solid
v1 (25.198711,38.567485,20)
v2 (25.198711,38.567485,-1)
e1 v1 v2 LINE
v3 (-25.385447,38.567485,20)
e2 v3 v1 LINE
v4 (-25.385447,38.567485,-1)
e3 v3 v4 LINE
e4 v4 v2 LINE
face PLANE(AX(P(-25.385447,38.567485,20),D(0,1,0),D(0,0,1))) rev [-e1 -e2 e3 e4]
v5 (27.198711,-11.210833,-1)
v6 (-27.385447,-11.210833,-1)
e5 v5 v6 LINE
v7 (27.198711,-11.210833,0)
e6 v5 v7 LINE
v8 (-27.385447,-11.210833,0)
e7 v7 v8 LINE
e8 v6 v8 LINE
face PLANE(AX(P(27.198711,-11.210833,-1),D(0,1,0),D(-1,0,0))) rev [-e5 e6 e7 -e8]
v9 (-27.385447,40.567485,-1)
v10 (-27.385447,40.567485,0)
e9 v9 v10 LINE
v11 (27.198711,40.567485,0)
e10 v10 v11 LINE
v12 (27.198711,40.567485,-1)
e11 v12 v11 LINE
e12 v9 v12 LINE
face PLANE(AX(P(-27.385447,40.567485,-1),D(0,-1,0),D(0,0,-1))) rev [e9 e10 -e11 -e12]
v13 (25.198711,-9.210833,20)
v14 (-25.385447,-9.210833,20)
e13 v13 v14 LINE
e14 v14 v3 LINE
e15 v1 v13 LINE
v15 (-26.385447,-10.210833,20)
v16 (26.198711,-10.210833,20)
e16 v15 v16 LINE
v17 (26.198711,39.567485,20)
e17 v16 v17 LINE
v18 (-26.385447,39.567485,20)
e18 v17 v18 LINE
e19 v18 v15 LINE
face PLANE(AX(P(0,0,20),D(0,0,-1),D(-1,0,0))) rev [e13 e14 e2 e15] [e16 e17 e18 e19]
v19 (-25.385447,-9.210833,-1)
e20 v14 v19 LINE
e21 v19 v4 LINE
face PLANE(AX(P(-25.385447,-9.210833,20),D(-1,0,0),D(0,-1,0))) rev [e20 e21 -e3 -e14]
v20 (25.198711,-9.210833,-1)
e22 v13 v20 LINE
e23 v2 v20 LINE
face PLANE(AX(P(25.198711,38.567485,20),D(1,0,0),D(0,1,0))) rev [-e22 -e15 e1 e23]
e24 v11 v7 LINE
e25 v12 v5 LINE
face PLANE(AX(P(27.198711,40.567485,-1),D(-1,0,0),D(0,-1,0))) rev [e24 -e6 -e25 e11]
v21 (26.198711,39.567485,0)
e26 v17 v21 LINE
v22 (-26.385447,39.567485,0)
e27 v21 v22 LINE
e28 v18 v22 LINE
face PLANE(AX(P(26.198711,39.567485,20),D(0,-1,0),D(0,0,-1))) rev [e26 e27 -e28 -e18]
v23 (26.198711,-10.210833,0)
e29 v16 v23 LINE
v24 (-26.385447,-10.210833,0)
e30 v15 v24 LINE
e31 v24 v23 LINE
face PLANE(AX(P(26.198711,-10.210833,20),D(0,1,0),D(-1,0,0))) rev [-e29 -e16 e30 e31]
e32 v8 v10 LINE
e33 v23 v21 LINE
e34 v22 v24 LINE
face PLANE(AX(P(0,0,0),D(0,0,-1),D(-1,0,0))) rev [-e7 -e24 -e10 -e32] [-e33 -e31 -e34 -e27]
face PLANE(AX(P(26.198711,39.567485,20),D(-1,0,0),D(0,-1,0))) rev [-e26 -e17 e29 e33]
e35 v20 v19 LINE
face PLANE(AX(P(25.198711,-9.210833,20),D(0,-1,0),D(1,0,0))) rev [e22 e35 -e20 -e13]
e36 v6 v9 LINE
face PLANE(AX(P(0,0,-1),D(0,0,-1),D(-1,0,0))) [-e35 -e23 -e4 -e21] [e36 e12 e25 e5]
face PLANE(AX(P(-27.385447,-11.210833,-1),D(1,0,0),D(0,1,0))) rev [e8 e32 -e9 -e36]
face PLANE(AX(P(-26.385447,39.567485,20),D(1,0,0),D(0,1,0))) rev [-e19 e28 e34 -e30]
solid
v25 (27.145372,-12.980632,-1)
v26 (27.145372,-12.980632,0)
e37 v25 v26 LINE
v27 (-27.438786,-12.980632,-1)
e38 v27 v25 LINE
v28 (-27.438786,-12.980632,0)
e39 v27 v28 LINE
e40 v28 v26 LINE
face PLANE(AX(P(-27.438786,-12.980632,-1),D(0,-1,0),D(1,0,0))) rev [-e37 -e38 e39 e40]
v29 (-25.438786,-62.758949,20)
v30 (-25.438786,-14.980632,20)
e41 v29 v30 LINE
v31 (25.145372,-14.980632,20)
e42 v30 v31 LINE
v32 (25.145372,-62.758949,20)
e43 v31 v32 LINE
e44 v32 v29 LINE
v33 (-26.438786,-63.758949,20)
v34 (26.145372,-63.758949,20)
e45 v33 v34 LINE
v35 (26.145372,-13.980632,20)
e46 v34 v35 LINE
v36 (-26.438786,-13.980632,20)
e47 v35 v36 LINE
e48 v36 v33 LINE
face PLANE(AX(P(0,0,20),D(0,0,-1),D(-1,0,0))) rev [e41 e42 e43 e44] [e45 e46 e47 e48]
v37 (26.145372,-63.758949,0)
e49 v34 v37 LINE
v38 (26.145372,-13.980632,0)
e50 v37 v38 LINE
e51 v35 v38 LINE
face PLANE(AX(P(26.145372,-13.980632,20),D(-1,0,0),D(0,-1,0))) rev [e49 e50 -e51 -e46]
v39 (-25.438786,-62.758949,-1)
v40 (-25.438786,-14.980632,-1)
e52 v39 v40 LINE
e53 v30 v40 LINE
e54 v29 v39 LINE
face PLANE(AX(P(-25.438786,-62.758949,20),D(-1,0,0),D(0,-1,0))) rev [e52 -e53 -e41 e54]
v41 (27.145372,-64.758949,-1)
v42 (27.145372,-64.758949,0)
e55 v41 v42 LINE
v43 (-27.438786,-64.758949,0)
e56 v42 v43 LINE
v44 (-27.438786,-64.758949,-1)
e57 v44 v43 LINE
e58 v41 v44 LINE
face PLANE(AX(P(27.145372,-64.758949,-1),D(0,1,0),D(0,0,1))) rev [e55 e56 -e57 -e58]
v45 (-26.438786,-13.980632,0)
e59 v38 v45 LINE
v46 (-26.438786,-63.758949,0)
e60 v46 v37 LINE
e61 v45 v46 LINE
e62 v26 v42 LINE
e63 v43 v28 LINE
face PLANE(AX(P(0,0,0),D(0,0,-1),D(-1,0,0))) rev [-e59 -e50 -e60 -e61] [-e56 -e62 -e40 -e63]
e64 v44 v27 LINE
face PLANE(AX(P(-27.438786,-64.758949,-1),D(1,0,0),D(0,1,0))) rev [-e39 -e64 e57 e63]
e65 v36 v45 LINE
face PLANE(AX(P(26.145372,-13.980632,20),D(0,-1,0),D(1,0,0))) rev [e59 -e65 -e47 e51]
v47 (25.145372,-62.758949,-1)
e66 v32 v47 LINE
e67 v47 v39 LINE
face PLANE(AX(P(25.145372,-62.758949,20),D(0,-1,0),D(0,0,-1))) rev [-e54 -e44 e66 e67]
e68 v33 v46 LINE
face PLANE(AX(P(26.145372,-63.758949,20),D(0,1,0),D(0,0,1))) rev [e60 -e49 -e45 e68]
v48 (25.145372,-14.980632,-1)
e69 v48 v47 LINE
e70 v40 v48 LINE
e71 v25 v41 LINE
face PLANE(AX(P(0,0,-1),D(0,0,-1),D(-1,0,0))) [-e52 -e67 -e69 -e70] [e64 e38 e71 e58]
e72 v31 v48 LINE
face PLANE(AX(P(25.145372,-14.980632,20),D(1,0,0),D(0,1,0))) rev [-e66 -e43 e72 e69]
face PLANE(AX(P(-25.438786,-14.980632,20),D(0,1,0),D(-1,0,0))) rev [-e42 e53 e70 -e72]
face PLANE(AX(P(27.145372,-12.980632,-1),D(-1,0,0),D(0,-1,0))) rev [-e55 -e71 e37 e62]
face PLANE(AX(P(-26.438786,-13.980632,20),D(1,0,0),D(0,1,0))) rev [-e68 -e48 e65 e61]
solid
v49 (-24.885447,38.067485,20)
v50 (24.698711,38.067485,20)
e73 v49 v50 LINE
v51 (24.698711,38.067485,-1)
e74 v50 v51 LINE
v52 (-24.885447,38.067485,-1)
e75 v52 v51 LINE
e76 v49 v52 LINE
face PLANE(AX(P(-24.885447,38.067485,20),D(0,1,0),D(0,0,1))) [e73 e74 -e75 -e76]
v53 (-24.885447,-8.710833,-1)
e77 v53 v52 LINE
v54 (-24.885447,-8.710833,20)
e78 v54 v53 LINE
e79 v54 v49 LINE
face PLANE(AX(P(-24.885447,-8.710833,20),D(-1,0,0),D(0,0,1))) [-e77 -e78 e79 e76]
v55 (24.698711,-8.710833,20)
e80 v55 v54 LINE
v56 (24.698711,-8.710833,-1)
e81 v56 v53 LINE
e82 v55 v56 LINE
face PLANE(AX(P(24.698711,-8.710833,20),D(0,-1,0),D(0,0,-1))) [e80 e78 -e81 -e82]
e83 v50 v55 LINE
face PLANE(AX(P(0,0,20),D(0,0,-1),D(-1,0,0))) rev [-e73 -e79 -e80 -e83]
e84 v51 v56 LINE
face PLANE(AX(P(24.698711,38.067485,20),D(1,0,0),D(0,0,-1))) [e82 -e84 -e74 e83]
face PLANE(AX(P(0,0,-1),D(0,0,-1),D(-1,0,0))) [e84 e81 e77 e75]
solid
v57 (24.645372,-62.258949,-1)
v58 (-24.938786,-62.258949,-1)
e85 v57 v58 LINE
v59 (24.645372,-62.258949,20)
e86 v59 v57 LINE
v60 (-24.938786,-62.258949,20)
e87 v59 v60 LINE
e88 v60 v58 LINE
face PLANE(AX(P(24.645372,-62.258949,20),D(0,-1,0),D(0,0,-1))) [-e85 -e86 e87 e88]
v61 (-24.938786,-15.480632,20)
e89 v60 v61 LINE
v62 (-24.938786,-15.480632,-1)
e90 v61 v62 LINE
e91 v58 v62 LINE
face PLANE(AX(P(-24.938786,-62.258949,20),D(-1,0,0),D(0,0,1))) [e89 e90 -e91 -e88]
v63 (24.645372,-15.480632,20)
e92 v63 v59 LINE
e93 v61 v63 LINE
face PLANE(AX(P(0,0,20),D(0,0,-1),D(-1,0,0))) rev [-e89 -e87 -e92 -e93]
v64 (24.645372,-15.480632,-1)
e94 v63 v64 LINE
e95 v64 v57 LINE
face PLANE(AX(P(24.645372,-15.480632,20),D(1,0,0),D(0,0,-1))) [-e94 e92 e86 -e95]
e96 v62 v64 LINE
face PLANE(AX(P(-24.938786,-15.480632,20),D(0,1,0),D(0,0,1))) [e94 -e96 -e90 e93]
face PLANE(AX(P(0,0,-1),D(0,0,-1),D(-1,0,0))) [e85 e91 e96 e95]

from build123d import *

# Parameters (mm, degrees)
SKETCH1_W             = 52.58415813
SKETCH1_H             = 49.778317302
BOSS_EXTRUDE1_DEPTH   = 20
SKETCH1_W_2           = 52.584158129
BOSS_EXTRUDE1_2_DEPTH = 20
SKETCH4_W             = 54.584158129
SKETCH4_H             = 51.778317302
BOSS_EXTRUDE2_DEPTH   = 1
SKETCH5_W             = 50.584158129
SKETCH5_H             = 47.778317302
SKETCH5_W_2           = 49.584158129
SKETCH5_H_2           = 46.778317302
CUT_EXTRUDE3_DEPTH    = 73.499422953
SKETCH6_W             = 54.58415813
SKETCH6_H             = 51.778317302
BOSS_EXTRUDE3_DEPTH   = 1
SKETCH7_W             = 50.58415813
SKETCH7_H             = 47.778317302
SKETCH7_W_2           = 49.58415813
SKETCH7_H_2           = 46.778317302
CUT_EXTRUDE4_DEPTH    = 74.400330453


with BuildPart() as part:
    # Sketch1 → Boss-Extrude1 (new body)
    with BuildSketch(Plane.XY):
        with Locations((-0.146707389, -38.869790603)):
            Rectangle(SKETCH1_W, SKETCH1_H)
    extrude(amount=BOSS_EXTRUDE1_DEPTH)

    # Sketch6 → Boss-Extrude3 (add, through all)
    with BuildSketch(Plane(origin=(0, 0, 0), x_dir=(-1, 0, 0), z_dir=(0, 0, -1))):
        with Locations((0.146707389, -38.869790603)):
            Rectangle(SKETCH6_W, SKETCH6_H)
    extrude(amount=BOSS_EXTRUDE3_DEPTH)

    # Sketch7 → Cut-Extrude4 (cut, through all)
    with BuildSketch(Plane(origin=(0, 0, -1), x_dir=(-1, 0, 0), z_dir=(0, 0, -1))):
        with Locations((0.146707389, -38.869790603)):
            Rectangle(SKETCH7_W, SKETCH7_H)
        with Locations((0.146707389, -38.869790603)):
            Rectangle(SKETCH7_W_2, SKETCH7_H_2, mode=Mode.SUBTRACT)
    extrude(amount=-CUT_EXTRUDE4_DEPTH, mode=Mode.SUBTRACT)


with BuildPart() as body_2:
    # Sketch1 → Boss-Extrude1 2 (new body)
    with BuildSketch(Plane.XY):
        with Locations((-0.093368138, 14.678326015)):
            Rectangle(SKETCH1_W_2, SKETCH1_H)
    extrude(amount=BOSS_EXTRUDE1_2_DEPTH)

    # Sketch4 → Boss-Extrude2 (add)
    with BuildSketch(Plane(origin=(0, 0, 0), x_dir=(-1, 0, 0), z_dir=(0, 0, -1))):
        with Locations((0.093368138, 14.678326015)):
            Rectangle(SKETCH4_W, SKETCH4_H)
    extrude(amount=BOSS_EXTRUDE2_DEPTH)

    # Sketch5 → Cut-Extrude3 (cut, through all)
    with BuildSketch(Plane(origin=(0, 0, -1), x_dir=(-1, 0, 0), z_dir=(0, 0, -1))):
        with Locations((0.093368138, 14.678326015)):
            Rectangle(SKETCH5_W, SKETCH5_H)
        with Locations((0.093368138, 14.678326015)):
            Rectangle(SKETCH5_W_2, SKETCH5_H_2, mode=Mode.SUBTRACT)
    extrude(amount=-CUT_EXTRUDE3_DEPTH, mode=Mode.SUBTRACT)


with BuildPart() as cut_extrude3_piece_1:
    # of the separate pieces the step leaves, piece 1, a body of its own (cut_extrude3_pieces)
    add(body_2.part.solids().sort_by_distance((-24.885447202, -8.710832636, -1))[0])


with BuildPart() as cut_extrude3_piece_2:
    # of the separate pieces the step leaves, piece 2, a body of its own (cut_extrude3_pieces)
    add(body_2.part.solids().sort_by_distance((-27.385447202, -11.210832636, 0))[0])


with BuildPart() as cut_extrude4_piece_1:
    # of the separate pieces the step leaves, piece 1, a body of its own (cut_extrude4_pieces)
    add(part.part.solids().sort_by_distance((24.645371676, -15.480631952, -1))[0])


with BuildPart() as cut_extrude4_piece_2:
    # of the separate pieces the step leaves, piece 2, a body of its own (cut_extrude4_pieces)
    add(part.part.solids().sort_by_distance((27.145371676, -64.758949254, 0))[0])


solid = Compound([cut_extrude3_piece_1.part, cut_extrude3_piece_2.part, cut_extrude4_piece_1.part, cut_extrude4_piece_2.part])
